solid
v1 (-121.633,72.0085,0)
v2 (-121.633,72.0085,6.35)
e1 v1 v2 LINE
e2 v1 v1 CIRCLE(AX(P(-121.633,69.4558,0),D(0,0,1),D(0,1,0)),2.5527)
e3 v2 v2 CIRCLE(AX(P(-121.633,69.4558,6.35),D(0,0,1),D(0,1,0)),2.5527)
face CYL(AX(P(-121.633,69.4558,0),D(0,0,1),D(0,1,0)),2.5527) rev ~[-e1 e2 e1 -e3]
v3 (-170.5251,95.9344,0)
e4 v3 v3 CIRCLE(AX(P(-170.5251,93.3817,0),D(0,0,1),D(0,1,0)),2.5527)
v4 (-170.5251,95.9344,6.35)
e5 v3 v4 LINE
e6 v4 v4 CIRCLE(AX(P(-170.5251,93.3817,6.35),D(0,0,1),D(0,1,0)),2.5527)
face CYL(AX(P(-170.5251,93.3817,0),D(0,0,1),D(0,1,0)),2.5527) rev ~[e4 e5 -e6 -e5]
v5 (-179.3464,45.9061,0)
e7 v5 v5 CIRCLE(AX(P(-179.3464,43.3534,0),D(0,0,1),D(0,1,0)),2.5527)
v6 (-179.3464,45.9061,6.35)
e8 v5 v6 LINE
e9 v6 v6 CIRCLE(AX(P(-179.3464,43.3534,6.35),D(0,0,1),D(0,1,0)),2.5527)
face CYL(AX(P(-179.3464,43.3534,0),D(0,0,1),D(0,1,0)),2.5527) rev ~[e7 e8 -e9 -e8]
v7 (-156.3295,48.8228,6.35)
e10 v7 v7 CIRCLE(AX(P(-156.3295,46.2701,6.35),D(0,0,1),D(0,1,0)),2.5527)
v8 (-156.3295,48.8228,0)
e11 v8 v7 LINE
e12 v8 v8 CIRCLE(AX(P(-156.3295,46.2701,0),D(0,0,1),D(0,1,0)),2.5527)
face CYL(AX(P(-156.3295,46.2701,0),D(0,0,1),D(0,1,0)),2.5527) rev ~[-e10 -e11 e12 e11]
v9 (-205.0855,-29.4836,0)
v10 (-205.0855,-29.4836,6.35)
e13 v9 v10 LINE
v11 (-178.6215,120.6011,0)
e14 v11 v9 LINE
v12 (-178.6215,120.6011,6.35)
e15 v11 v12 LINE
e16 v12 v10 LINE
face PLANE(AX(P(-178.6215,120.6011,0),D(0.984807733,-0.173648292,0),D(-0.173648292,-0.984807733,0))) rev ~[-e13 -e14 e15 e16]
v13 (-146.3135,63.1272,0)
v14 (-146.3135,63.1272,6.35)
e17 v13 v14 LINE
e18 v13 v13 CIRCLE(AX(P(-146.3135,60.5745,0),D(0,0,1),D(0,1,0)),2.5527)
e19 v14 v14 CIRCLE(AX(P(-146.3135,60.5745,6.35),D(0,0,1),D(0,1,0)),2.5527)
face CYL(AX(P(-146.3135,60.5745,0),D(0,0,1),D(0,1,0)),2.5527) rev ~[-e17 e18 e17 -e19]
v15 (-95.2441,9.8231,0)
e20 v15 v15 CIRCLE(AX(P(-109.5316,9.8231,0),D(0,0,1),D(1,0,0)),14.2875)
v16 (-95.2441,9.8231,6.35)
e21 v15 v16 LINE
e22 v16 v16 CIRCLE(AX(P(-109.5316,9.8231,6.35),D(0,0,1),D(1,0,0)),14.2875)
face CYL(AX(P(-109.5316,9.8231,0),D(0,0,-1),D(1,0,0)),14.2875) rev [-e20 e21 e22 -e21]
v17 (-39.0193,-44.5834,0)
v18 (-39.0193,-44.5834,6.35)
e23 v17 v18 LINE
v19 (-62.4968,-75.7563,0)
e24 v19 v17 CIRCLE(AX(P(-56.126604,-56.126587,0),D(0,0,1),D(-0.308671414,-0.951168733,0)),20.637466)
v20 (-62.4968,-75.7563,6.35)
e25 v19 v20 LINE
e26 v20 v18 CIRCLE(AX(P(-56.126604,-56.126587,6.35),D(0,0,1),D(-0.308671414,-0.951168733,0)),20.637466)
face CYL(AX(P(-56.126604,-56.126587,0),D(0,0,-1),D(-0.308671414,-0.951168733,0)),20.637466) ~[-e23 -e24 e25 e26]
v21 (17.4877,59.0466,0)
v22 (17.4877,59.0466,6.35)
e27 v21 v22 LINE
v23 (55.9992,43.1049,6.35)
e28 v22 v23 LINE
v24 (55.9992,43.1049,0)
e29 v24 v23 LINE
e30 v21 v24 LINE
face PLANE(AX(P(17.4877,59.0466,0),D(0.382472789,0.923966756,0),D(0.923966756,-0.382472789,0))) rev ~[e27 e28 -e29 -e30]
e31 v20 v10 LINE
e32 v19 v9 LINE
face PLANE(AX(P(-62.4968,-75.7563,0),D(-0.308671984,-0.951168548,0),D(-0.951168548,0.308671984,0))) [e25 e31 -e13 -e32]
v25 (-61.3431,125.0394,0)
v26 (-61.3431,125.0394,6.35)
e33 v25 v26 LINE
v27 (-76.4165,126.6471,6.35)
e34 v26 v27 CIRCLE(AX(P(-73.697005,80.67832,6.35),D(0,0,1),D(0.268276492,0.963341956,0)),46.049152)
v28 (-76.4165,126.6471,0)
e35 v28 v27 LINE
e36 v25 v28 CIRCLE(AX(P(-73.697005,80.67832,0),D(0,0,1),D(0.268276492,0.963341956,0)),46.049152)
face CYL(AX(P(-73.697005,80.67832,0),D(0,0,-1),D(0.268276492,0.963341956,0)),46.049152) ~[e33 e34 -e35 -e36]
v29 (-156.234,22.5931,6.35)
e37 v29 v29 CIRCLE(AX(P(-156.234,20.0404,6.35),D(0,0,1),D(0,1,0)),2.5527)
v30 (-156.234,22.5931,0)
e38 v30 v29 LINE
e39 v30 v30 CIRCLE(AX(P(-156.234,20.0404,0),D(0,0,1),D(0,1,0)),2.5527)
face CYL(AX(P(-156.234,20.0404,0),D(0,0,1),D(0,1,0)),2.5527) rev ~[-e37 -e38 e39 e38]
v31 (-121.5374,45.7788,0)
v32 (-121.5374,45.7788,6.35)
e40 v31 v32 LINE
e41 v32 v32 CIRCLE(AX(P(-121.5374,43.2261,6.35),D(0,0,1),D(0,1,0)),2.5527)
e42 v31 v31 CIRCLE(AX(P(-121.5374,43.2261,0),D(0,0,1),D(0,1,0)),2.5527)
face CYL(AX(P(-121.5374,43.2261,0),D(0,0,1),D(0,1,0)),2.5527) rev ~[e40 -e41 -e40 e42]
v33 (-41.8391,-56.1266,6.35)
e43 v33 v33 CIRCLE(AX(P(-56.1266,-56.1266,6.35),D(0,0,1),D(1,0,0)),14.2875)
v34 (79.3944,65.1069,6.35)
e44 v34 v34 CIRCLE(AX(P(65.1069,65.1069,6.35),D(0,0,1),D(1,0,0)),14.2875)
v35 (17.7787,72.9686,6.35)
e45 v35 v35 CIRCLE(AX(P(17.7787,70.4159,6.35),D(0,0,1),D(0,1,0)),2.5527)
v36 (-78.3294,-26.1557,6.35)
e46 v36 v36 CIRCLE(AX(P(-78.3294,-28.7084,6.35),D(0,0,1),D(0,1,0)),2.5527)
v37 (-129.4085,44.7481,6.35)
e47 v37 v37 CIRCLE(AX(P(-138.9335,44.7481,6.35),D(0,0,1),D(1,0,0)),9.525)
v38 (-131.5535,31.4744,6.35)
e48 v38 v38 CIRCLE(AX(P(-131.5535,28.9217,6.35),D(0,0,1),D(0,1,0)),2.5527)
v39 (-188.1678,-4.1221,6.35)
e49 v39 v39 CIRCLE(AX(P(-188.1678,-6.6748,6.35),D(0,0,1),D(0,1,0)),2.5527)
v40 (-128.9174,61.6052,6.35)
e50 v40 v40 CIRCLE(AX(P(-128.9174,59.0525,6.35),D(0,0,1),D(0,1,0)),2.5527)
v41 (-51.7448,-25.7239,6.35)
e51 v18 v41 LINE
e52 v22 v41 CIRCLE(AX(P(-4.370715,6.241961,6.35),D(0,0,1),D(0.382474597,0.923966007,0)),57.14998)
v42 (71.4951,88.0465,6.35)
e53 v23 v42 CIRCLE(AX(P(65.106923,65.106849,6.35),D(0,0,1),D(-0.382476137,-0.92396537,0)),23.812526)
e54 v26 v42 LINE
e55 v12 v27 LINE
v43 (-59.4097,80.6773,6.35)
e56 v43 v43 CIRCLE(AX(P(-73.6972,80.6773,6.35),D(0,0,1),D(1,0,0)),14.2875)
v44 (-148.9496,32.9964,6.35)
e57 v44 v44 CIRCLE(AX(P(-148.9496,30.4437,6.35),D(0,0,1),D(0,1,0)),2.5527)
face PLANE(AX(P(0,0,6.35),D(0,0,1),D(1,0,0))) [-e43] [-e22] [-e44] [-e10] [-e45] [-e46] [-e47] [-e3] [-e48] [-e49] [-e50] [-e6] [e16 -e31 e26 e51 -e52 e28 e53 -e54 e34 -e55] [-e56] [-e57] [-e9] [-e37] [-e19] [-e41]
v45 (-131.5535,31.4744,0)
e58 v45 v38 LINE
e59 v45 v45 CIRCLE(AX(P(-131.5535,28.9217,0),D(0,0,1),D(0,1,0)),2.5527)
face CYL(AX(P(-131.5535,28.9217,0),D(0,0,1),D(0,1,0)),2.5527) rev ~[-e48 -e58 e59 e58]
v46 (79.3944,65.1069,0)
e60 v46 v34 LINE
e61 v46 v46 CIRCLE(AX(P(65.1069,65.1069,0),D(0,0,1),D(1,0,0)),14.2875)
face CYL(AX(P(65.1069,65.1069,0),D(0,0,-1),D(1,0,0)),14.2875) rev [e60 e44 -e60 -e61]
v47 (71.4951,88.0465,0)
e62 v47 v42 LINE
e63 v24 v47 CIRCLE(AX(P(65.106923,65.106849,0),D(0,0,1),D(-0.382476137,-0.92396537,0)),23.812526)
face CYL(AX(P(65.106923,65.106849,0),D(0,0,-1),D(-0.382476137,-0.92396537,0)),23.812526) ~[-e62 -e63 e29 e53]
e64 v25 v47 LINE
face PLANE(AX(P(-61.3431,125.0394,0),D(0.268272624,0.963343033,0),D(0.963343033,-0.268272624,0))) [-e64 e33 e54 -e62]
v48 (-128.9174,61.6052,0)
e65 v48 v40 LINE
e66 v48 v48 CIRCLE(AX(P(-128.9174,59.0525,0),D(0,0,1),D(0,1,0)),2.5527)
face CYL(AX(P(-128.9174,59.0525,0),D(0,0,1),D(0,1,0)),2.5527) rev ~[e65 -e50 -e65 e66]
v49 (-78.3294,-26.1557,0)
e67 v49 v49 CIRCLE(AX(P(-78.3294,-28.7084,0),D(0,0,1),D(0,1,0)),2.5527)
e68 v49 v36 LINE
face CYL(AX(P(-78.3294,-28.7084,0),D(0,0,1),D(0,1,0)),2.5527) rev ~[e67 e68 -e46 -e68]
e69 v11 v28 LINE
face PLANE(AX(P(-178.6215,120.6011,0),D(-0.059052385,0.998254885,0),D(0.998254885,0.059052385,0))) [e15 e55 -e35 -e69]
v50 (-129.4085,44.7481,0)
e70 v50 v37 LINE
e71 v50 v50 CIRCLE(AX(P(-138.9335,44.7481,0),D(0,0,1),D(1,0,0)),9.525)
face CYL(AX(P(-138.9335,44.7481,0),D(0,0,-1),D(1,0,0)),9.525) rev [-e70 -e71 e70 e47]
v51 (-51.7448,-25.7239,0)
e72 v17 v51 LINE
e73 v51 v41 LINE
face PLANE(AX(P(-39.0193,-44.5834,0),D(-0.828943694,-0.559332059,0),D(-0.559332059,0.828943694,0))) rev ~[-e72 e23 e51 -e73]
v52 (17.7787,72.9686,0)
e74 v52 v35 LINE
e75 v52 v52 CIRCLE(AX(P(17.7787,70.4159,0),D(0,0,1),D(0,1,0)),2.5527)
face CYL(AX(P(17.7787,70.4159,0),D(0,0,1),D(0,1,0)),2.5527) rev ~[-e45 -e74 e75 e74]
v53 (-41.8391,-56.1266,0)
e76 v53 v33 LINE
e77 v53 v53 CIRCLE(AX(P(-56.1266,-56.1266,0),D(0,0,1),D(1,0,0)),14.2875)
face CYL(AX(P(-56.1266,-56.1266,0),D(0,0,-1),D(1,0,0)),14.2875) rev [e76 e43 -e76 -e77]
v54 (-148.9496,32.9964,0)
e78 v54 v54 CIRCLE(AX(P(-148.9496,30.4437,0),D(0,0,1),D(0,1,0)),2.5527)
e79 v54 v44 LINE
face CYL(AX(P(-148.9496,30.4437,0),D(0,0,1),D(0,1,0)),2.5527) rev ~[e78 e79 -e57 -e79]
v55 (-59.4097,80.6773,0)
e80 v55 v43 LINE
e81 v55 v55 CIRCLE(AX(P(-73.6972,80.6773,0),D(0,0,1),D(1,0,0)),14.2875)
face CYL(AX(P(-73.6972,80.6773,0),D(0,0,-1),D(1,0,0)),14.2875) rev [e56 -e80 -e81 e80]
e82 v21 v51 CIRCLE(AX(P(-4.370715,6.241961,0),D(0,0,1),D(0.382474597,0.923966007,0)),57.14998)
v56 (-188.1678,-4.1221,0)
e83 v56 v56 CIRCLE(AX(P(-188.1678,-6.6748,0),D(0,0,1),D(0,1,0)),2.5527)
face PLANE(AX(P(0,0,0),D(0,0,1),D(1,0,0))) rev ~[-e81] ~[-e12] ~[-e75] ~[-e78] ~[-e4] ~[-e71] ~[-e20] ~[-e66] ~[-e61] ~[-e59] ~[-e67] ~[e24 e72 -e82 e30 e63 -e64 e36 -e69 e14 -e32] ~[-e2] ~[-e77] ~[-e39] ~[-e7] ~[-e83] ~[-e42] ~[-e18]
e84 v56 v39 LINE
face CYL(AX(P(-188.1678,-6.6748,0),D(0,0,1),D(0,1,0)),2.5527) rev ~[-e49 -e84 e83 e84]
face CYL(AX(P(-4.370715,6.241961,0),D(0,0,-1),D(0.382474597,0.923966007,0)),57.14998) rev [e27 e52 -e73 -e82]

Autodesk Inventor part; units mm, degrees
ref_plane "YZ Plane" through (0, 0, 0) normal (1, 0, 0) x (0, 1, 0)
ref_plane "XZ Plane" through (0, 0, 0) normal (0, 1, 0) x (-1, 0, 0)
ref_plane "XY Plane" through (0, 0, 0) normal (0, 0, 1) x (1, 0, 0)
sketch "Sketch1" plane through (0, 0, 0) normal (0, 0, 1) x (1, 0, 0)
  circle A0 centre (65.1069, 65.1069) radius 38.1 construction
  circle A1 centre (-56.1266, -56.1266) radius 25.4 construction
  circle A2 centre (0, 0) radius 53.975 construction
  line L0 (-38.1661, -38.1661) -> (38.1661, 38.1661) construction
  line L1 (65.1069, 65.1069) -> (-56.1266, -56.1266) construction
  line L2 (-4.3707, 6.2419) -> (-4.3707, 53.7978) construction
  line L3 (-211.1644, -81.5266) -> (654.2277, -81.5266) construction
  circle A3 centre (163.556, -24.3766) radius 57.15 construction
  circle A4 centre (65.1069, 65.1069) radius 14.2875
  circle A5 centre (-56.1266, -56.1266) radius 14.2875
  circle A6 centre (-4.3707, 6.2419) radius 57.15 construction
  circle A7 centre (-56.1266, -56.1266) radius 20.6375 construction
  circle A8 centre (65.1069, 65.1069) radius 23.8125 construction
  circle A9 centre (-73.6972, 80.6773) radius 14.2875
  line L4 (-73.6972, 80.6773) -> (65.1069, 65.1069) construction
  circle A10 centre (65.1069, 65.1069) radius 14.3256 construction
  circle A11 centre (-56.1266, -56.1266) radius 14.3256 construction
  circle A12 centre (-109.5316, 9.8231) radius 14.2875
  line L5 (-56.1266, -56.1266) -> (-109.5316, 9.8231) construction
  circle A13 centre (-109.5316, 9.8231) radius 39.7002 construction
  circle A14 centre (-73.6972, 80.6773) radius 39.7002 construction
  line L6 (17.4877, 59.0466) -> (55.9992, 43.1049)
  line L7 (-39.0193, -44.5834) -> (-51.7448, -25.7239)
  arc A15 (17.4877, 59.0466) -> (-51.7448, -25.7239) centre (-4.3707, 6.2419) ccw
  line L8 (-178.6215, 120.6011) -> (-153.6074, 116.1905) construction
  line L9 (-153.6074, 116.1905) -> (-180.0714, -33.8943) construction
  line L10 (-180.0714, -33.8943) -> (-205.0855, -29.4836) construction
  line L11 (-205.0855, -29.4836) -> (-178.6215, 120.6011) construction
  line L12 (-209.5607, -54.8639) -> (55.1963, -101.5477) construction
  line L13 (-174.1463, 145.9814) -> (158.0246, 87.4107) construction
  line L14 (-174.1463, 145.9814) -> (-209.5607, -54.8639) construction
  circle A16 centre (-138.9335, 44.7481) radius 25.4 construction
  circle A17 centre (-138.9335, 44.7481) radius 5.9531 construction
  line L15 (-84.5475, -21.0298) -> (-72.1113, -36.3871) construction
  circle A18 centre (17.7787, 70.4159) radius 9.525 construction
  line L16 (-166.1144, 118.3958) -> (-192.5784, -31.6889) construction
  line L17 (-170.5251, 93.3817) -> (-188.1678, -6.6748) construction
  circle A19 centre (-138.9335, 44.7481) radius 17.4625 construction
  circle A20 centre (-138.9335, 44.7481) radius 9.525
  circle A21 centre (-73.6972, 80.6773) radius 46.0502 construction
  line L18 (-178.6215, 120.6011) -> (-76.4165, 126.6471)
  line L19 (-61.3431, 125.0394) -> (71.4951, 88.0465)
  line L20 (-62.4968, -75.7563) -> (-205.0855, -29.4836)
  line L21 (-178.6215, 120.6011) -> (-205.0855, -29.4836)
  arc A22 (-61.3431, 125.0394) -> (-76.4165, 126.6471) centre (-73.6972, 80.6773) ccw
  arc A23 (55.9992, 43.1049) -> (71.4951, 88.0465) centre (65.1069, 65.1069) ccw
  arc A24 (-62.4968, -75.7563) -> (-39.0193, -44.5834) centre (-56.1266, -56.1266) ccw
  line L22 (-138.9335, 44.7481) -> (-128.9174, 59.0525) construction
  line L23 (-121.633, 69.4558) -> (-156.234, 20.0404) construction
  circle A25 centre (-156.234, 20.0404) radius 4.7625 construction
  line L24 (0, 0) -> (-4.3707, 6.2419) construction
  point P0 (-191.8535, 45.5588)
  point P1 (-78.3294, -28.7084)
  point P2 (-179.3464, 43.3534)
  point P3 (-179.3464, 43.3534)
  point P4 (-146.3135, 60.5745)
  point P5 (-156.3295, 46.2701)
  point P6 (-148.9496, 30.4437)
  point P7 (-131.5535, 28.9217)
  point P8 (-121.5374, 43.2261)
  point P9 (-63.3695, 121.1474)
  dimension "d7" = 50.8
  dimension "d18" = 79.4004
  dimension "d34" = 34.925
  dimension "d3" = 45
  dimension "d4" = 0
  dimension "d8" = 107.95
  dimension "d9" = 28.575
  dimension "d10" = 76.2
  dimension "d11" = 114.3
  dimension "d12" = 114.3
  dimension "d13" = 6.35
  dimension "d14" = 9.525
  dimension "d15" = 139.6746
  dimension "d16" = 28.6512
  dimension "d17" = 84.8614
  dimension "d19" = 79.4004
  dimension "d22" = 25.4
  dimension "d23" = 152.4
  dimension "d26" = 203.9436
  dimension "d27" = 50.8
  dimension "d28" = 11.9062
  dimension "d29" = 51
  dimension "d30" = 171.45
  dimension "d31" = 10
  dimension "d32" = 19.05
  dimension "d33" = 101.6
  dimension "d35" = 19.05
  dimension "d36" = 6.35
  dimension "d37" = 34.925
  dimension "d40" = 360
  dimension "d43" = 25
  dimension "d44" = 9.525
  dimension "d55" = 80
  dimension "d56" = 7.62
extrude "Extrusion1" add sketch "Sketch1" along normal blind 6.35
hole "Hole1" at (-78.3294, -28.7084, 0) at (17.7787, 70.4159, 0) at (-170.5251, 93.3817, 0) at (-179.3464, 43.3534, 0) at (-188.1678, -6.6748, 0) at (-128.9174, 59.0525, 0) at (-146.3135, 60.5745, 0) at (-156.3295, 46.2701, 0) at (-148.9496, 30.4437, 0) at (-131.5535, 28.9217, 0) at (-121.5374, 43.2261, 0) at (-121.633, 69.4558, 0) at (-156.234, 20.0404, 0) direction (0, 0, 1) diameter 5.1054 end through all clearance for "Flat Head Machine Screw (82)" size "#10" standard "Ansi Unified Screw Threads"
properties part number "GP7-001" material "Polycarbonate, Smoke"
